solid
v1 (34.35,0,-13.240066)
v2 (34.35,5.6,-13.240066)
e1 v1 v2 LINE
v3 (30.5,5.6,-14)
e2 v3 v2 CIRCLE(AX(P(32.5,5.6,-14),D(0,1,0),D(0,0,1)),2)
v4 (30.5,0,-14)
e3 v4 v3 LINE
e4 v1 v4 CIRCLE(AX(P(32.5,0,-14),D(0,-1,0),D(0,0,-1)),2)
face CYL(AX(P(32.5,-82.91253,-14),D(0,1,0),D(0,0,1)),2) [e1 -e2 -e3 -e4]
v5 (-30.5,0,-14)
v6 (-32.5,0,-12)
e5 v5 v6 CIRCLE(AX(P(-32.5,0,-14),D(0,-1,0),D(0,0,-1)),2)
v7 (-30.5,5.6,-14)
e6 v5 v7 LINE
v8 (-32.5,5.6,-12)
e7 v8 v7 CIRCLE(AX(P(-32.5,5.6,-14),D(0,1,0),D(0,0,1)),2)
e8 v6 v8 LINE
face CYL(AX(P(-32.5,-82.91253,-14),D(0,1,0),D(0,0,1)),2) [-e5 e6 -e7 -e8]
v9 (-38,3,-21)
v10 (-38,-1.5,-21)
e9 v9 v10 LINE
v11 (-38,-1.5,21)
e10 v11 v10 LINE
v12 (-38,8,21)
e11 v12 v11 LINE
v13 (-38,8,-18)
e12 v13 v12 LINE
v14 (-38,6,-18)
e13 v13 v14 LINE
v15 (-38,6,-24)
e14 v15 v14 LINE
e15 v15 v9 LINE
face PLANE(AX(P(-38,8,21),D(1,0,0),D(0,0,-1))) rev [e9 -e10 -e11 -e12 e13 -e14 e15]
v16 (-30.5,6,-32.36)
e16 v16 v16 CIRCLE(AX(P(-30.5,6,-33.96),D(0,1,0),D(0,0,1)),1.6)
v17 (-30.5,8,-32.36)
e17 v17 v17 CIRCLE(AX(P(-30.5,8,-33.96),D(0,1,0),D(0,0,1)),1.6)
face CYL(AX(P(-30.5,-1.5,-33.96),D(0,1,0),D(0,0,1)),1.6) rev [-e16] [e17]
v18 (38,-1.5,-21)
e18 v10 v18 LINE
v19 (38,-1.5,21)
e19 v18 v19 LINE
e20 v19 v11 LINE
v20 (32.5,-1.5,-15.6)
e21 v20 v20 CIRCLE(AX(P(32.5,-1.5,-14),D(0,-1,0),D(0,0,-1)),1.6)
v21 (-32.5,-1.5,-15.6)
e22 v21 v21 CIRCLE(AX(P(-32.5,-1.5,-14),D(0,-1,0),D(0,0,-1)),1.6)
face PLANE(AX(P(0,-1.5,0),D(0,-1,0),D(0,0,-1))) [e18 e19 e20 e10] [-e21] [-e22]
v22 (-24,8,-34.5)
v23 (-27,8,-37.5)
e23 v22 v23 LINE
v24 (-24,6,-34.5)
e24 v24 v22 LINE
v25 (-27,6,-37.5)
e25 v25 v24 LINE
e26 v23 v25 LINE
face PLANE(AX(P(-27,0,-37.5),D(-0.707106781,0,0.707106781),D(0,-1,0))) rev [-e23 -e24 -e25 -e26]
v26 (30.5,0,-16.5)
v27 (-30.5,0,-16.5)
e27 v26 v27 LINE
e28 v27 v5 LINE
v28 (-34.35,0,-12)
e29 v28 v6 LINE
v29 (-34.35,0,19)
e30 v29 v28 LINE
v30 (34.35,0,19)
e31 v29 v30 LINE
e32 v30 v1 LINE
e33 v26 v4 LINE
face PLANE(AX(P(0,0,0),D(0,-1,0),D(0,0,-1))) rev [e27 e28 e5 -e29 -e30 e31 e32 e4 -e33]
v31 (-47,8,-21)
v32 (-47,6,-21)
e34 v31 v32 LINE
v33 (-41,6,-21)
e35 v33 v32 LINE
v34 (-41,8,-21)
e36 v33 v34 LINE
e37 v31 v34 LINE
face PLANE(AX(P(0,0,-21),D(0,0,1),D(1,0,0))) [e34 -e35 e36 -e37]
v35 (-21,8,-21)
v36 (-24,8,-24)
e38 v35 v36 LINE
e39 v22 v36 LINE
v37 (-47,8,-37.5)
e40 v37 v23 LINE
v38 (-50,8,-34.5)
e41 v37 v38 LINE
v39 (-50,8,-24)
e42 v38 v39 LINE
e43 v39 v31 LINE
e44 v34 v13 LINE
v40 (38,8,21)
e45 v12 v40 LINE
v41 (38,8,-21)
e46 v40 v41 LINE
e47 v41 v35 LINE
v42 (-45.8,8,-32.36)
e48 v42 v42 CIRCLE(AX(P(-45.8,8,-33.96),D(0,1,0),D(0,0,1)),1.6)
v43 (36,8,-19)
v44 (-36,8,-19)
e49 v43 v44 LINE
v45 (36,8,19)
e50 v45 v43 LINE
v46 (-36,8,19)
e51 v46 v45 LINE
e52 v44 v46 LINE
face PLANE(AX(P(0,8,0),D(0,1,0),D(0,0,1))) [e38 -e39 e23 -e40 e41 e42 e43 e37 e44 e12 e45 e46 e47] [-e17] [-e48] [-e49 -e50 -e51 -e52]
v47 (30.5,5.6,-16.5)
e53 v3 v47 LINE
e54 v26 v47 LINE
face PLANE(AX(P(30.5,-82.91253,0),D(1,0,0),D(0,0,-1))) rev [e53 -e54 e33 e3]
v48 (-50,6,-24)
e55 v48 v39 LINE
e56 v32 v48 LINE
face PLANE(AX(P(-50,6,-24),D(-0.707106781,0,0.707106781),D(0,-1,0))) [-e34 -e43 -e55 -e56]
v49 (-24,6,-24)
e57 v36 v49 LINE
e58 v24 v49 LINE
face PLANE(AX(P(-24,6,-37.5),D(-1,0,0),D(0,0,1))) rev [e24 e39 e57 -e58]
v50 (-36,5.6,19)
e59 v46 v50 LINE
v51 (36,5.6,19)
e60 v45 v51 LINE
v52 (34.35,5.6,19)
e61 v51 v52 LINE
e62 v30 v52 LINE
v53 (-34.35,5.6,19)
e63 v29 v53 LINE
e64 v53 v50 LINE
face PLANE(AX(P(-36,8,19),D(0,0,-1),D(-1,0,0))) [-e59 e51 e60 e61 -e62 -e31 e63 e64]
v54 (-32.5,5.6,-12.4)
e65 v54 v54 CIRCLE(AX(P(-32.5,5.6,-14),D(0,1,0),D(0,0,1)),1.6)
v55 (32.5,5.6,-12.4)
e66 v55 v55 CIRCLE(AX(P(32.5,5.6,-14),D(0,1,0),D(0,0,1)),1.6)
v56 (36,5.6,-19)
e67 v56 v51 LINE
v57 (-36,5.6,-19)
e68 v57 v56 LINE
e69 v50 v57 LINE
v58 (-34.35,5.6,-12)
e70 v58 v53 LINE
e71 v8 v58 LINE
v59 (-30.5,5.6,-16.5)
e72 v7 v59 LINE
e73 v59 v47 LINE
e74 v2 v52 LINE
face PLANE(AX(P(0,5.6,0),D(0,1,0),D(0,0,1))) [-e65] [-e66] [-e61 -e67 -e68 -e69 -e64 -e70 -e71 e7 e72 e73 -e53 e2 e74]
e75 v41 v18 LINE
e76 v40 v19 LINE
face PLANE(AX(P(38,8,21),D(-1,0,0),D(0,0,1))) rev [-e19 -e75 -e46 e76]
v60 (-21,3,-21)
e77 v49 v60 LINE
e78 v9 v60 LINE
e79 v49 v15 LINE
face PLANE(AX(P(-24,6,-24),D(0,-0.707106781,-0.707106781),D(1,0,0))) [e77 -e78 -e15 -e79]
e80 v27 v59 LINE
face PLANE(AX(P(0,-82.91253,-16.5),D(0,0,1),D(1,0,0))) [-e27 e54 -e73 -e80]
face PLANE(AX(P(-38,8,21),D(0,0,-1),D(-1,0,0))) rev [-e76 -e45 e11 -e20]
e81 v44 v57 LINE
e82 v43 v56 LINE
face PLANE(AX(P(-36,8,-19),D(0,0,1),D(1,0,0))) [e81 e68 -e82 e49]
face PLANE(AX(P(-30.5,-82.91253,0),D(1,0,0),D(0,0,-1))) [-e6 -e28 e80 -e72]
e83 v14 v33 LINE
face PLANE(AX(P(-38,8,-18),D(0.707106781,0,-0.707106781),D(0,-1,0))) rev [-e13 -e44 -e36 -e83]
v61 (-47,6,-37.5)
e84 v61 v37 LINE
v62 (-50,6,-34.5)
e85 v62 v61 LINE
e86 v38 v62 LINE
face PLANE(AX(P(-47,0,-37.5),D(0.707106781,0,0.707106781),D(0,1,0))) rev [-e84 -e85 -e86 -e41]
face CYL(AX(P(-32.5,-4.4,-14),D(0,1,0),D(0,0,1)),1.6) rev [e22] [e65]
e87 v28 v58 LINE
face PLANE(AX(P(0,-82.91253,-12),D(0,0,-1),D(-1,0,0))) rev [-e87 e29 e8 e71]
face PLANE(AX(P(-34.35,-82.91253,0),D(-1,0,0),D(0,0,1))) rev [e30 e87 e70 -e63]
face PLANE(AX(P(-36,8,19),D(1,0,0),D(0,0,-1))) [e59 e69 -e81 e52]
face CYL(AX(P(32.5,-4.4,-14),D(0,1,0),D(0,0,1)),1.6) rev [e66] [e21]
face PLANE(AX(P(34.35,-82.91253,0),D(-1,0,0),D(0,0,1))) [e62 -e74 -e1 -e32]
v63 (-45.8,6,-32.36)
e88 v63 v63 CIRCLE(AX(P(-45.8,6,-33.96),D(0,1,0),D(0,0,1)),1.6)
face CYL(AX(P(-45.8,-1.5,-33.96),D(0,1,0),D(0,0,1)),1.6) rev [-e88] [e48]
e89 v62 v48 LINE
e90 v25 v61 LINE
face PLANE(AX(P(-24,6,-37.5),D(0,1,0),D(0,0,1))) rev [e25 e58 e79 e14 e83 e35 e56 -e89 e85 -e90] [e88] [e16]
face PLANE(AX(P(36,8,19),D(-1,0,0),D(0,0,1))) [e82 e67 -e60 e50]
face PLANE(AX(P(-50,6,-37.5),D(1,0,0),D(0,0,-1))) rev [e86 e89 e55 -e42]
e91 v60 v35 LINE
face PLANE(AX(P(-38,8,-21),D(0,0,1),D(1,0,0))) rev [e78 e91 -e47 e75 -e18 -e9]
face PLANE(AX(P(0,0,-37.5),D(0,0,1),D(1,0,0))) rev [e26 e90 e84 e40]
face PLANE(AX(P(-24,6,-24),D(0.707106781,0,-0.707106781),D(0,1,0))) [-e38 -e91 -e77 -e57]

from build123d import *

# Parameters (mm, degrees)
SKETCH1_W               = 76
SKETCH1_H               = 42
SKETCH1_W_2             = 72
SKETCH1_H_2             = 38
BOSS_EXTRUDE1_DEPTH     = 8
SKETCH2_W               = 76
SKETCH2_H               = 42
BOSS_EXTRUDE2_DEPTH     = 1.5
BOSS_EXTRUDE3_START     = -2.4
BOSS_EXTRUDE3_DEPTH     = 7.1
SKETCH4_R               = 1.6
CUT_EXTRUDE1_DEPTH      = 10
SKETCH6_W               = 26
SKETCH6_H               = 2
BOSS_EXTRUDE4_DEPTH     = 16.5
CHAMFER1_SIZE           = 3
CHAMFER2_SIZE           = 3
CUT_EXTRUDE2_DEPTH      = 64.217877218
CUT_EXTRUDE2_DEPTH_BACK = 64.217877218
SKETCH7_R               = 1.6
CHAMFER3_SIZE           = 3


with BuildPart() as part:
    # Sketch1 → Boss-Extrude1 (new body)
    with BuildSketch(Plane(origin=(0, 0, 0), x_dir=(1, 0, 0), z_dir=(0, 1, 0))):
        Rectangle(SKETCH1_W, SKETCH1_H)
        Rectangle(SKETCH1_W_2, SKETCH1_H_2, mode=Mode.SUBTRACT)
    extrude(amount=BOSS_EXTRUDE1_DEPTH)

    # Sketch2 → Boss-Extrude2 (add)
    with BuildSketch(Plane.XZ):
        Rectangle(SKETCH2_W, SKETCH2_H)
    extrude(amount=BOSS_EXTRUDE2_DEPTH)

    # Sketch3 → Boss-Extrude3 (add)
    with BuildSketch(Plane(origin=(0, 8, 0), x_dir=(1, 0, 0), z_dir=(0, 1, 0)).offset(BOSS_EXTRUDE3_START)):
        Polygon((-36, 19), (-36, 16.5), (-34.35, 16.5), (-30.5, 16.5), (30.5, 16.5), (34.35, 16.5), (36, 16.5), (36, 19), align=None)
        with BuildLine():
            Line((-34.35, 16.5), (-36, 16.5))
            Line((-36, 16.5), (-36, -19))
            Line((-36, -19), (-34.35, -19))
            Line((-34.35, -19), (-34.35, 12))
            Line((-34.35, 12), (-34.35, 13.240065792))
            ThreePointArc((-34.35, 13.240065792), (-34.5, 14), (-34.35, 14.759934208))
            Line((-34.35, 14.759934208), (-34.35, 16.5))
        make_face()
        with BuildLine():
            Line((-30.5, 16.5), (-34.35, 16.5))
            Line((-34.35, 16.5), (-34.35, 14.759934208))
            ThreePointArc((-34.35, 14.759934208), (-32.112701665, 15.962141687), (-30.5, 14))
            Line((-30.5, 14), (-30.5, 16.5))
        make_face()
        with BuildLine():
            ThreePointArc((-32.5, 12), (-33.613582414, 12.338695029), (-34.35, 13.240065792))
            Line((-34.35, 13.240065792), (-34.35, 12))
            Line((-34.35, 12), (-32.5, 12))
        make_face()
        with BuildLine():
            ThreePointArc((-30.5, 14), (-32.112701665, 15.962141687), (-34.35, 14.759934208))
            Line((-34.35, 14.759934208), (-34.35, 13.240065792))
            ThreePointArc((-34.35, 13.240065792), (-33.613582414, 12.338695029), (-32.5, 12))
            ThreePointArc((-32.5, 12), (-31.085786438, 12.585786438), (-30.5, 14))
        make_face()
        with BuildLine():
            Line((-34.35, 13.240065792), (-34.35, 14.759934208))
            ThreePointArc((-34.35, 14.759934208), (-34.5, 14), (-34.35, 13.240065792))
        make_face()
        with BuildLine():
            ThreePointArc((34.35, 14.759934208), (32.112701665, 15.962141687), (30.5, 14))
            ThreePointArc((30.5, 14), (31.085786438, 12.585786438), (32.5, 12))
            ThreePointArc((32.5, 12), (33.613582414, 12.338695029), (34.35, 13.240065792))
            Line((34.35, 13.240065792), (34.35, 14.759934208))
        make_face()
        with BuildLine():
            ThreePointArc((34.5, 14), (34.462141687, 14.387298335), (34.35, 14.759934208))
            Line((34.35, 14.759934208), (34.35, 13.240065792))
            ThreePointArc((34.35, 13.240065792), (34.462141687, 13.612701665), (34.5, 14))
        make_face()
        with BuildLine():
            Line((34.35, 16.5), (30.5, 16.5))
            Line((30.5, 16.5), (30.5, 14))
            ThreePointArc((30.5, 14), (32.112701665, 15.962141687), (34.35, 14.759934208))
            Line((34.35, 14.759934208), (34.35, 16.5))
        make_face()
        with BuildLine():
            Line((36, -19), (36, 16.5))
            Line((36, 16.5), (34.35, 16.5))
            Line((34.35, 16.5), (34.35, 14.759934208))
            ThreePointArc((34.35, 14.759934208), (34.462141687, 14.387298335), (34.5, 14))
            ThreePointArc((34.5, 14), (34.462141687, 13.612701665), (34.35, 13.240065792))
            Line((34.35, 13.240065792), (34.35, 12))
            Line((34.35, 12), (34.35, -19))
            Line((34.35, -19), (36, -19))
        make_face()
    extrude(amount=-BOSS_EXTRUDE3_DEPTH)

    # Sketch4 → Cut-Extrude1 (cut)
    with BuildSketch(Plane(origin=(0, 5.6, 0), x_dir=(1, 0, 0), z_dir=(0, 1, 0))):
        with Locations(Location((32.5, 14, 0), (0, 0, 270))):
            Circle(SKETCH4_R)
        with Locations(Location((-32.5, 14, 0), (0, 0, 270))):
            Circle(SKETCH4_R)
    extrude(amount=-CUT_EXTRUDE1_DEPTH, mode=Mode.SUBTRACT)

    # Sketch6 → Boss-Extrude4 (add)
    with BuildSketch(Plane(origin=(0, 0, -21), x_dir=(-1, 0, 0), z_dir=(0, 0, -1))):
        with Locations((37, 7)):
            Rectangle(SKETCH6_W, SKETCH6_H)
    extrude(amount=BOSS_EXTRUDE4_DEPTH)

    # Chamfer1
    chamfer1_edges = [part.edges().sort_by_distance(p)[0] for p in [
        (-31, 6, -21),
    ]]
    chamfer(chamfer1_edges, length=CHAMFER1_SIZE)

    # Chamfer2
    chamfer2_edges = [part.edges().sort_by_distance(p)[0] for p in [
        (-24, 5.5, -21),
        (-24, 7, -37.5),
        (-50, 7, -37.5),
        (-50, 7, -21),
    ]]
    chamfer(chamfer2_edges, length=CHAMFER2_SIZE)

    # Sketch7 → Cut-Extrude2 (cut, two sides: drawn at the far end of the back side and taken through both)
    with BuildSketch(Plane(origin=(0, 8, 0), x_dir=(1, 0, 0), z_dir=(0, 1, 0)).offset(-CUT_EXTRUDE2_DEPTH_BACK)):
        with Locations(Location((-30.5, 33.96, 0), (0, 0, 270))):
            Circle(SKETCH7_R)
        with Locations(Location((-45.8, 33.96, 0), (0, 0, 270))):
            Circle(SKETCH7_R)
    extrude(amount=CUT_EXTRUDE2_DEPTH + CUT_EXTRUDE2_DEPTH_BACK, mode=Mode.SUBTRACT)

    # Chamfer3
    chamfer3_edges = [part.edges().sort_by_distance(p)[0] for p in [
        (-38, 7, -21),
    ]]
    chamfer(chamfer3_edges, length=CHAMFER3_SIZE)


solid = part.part
